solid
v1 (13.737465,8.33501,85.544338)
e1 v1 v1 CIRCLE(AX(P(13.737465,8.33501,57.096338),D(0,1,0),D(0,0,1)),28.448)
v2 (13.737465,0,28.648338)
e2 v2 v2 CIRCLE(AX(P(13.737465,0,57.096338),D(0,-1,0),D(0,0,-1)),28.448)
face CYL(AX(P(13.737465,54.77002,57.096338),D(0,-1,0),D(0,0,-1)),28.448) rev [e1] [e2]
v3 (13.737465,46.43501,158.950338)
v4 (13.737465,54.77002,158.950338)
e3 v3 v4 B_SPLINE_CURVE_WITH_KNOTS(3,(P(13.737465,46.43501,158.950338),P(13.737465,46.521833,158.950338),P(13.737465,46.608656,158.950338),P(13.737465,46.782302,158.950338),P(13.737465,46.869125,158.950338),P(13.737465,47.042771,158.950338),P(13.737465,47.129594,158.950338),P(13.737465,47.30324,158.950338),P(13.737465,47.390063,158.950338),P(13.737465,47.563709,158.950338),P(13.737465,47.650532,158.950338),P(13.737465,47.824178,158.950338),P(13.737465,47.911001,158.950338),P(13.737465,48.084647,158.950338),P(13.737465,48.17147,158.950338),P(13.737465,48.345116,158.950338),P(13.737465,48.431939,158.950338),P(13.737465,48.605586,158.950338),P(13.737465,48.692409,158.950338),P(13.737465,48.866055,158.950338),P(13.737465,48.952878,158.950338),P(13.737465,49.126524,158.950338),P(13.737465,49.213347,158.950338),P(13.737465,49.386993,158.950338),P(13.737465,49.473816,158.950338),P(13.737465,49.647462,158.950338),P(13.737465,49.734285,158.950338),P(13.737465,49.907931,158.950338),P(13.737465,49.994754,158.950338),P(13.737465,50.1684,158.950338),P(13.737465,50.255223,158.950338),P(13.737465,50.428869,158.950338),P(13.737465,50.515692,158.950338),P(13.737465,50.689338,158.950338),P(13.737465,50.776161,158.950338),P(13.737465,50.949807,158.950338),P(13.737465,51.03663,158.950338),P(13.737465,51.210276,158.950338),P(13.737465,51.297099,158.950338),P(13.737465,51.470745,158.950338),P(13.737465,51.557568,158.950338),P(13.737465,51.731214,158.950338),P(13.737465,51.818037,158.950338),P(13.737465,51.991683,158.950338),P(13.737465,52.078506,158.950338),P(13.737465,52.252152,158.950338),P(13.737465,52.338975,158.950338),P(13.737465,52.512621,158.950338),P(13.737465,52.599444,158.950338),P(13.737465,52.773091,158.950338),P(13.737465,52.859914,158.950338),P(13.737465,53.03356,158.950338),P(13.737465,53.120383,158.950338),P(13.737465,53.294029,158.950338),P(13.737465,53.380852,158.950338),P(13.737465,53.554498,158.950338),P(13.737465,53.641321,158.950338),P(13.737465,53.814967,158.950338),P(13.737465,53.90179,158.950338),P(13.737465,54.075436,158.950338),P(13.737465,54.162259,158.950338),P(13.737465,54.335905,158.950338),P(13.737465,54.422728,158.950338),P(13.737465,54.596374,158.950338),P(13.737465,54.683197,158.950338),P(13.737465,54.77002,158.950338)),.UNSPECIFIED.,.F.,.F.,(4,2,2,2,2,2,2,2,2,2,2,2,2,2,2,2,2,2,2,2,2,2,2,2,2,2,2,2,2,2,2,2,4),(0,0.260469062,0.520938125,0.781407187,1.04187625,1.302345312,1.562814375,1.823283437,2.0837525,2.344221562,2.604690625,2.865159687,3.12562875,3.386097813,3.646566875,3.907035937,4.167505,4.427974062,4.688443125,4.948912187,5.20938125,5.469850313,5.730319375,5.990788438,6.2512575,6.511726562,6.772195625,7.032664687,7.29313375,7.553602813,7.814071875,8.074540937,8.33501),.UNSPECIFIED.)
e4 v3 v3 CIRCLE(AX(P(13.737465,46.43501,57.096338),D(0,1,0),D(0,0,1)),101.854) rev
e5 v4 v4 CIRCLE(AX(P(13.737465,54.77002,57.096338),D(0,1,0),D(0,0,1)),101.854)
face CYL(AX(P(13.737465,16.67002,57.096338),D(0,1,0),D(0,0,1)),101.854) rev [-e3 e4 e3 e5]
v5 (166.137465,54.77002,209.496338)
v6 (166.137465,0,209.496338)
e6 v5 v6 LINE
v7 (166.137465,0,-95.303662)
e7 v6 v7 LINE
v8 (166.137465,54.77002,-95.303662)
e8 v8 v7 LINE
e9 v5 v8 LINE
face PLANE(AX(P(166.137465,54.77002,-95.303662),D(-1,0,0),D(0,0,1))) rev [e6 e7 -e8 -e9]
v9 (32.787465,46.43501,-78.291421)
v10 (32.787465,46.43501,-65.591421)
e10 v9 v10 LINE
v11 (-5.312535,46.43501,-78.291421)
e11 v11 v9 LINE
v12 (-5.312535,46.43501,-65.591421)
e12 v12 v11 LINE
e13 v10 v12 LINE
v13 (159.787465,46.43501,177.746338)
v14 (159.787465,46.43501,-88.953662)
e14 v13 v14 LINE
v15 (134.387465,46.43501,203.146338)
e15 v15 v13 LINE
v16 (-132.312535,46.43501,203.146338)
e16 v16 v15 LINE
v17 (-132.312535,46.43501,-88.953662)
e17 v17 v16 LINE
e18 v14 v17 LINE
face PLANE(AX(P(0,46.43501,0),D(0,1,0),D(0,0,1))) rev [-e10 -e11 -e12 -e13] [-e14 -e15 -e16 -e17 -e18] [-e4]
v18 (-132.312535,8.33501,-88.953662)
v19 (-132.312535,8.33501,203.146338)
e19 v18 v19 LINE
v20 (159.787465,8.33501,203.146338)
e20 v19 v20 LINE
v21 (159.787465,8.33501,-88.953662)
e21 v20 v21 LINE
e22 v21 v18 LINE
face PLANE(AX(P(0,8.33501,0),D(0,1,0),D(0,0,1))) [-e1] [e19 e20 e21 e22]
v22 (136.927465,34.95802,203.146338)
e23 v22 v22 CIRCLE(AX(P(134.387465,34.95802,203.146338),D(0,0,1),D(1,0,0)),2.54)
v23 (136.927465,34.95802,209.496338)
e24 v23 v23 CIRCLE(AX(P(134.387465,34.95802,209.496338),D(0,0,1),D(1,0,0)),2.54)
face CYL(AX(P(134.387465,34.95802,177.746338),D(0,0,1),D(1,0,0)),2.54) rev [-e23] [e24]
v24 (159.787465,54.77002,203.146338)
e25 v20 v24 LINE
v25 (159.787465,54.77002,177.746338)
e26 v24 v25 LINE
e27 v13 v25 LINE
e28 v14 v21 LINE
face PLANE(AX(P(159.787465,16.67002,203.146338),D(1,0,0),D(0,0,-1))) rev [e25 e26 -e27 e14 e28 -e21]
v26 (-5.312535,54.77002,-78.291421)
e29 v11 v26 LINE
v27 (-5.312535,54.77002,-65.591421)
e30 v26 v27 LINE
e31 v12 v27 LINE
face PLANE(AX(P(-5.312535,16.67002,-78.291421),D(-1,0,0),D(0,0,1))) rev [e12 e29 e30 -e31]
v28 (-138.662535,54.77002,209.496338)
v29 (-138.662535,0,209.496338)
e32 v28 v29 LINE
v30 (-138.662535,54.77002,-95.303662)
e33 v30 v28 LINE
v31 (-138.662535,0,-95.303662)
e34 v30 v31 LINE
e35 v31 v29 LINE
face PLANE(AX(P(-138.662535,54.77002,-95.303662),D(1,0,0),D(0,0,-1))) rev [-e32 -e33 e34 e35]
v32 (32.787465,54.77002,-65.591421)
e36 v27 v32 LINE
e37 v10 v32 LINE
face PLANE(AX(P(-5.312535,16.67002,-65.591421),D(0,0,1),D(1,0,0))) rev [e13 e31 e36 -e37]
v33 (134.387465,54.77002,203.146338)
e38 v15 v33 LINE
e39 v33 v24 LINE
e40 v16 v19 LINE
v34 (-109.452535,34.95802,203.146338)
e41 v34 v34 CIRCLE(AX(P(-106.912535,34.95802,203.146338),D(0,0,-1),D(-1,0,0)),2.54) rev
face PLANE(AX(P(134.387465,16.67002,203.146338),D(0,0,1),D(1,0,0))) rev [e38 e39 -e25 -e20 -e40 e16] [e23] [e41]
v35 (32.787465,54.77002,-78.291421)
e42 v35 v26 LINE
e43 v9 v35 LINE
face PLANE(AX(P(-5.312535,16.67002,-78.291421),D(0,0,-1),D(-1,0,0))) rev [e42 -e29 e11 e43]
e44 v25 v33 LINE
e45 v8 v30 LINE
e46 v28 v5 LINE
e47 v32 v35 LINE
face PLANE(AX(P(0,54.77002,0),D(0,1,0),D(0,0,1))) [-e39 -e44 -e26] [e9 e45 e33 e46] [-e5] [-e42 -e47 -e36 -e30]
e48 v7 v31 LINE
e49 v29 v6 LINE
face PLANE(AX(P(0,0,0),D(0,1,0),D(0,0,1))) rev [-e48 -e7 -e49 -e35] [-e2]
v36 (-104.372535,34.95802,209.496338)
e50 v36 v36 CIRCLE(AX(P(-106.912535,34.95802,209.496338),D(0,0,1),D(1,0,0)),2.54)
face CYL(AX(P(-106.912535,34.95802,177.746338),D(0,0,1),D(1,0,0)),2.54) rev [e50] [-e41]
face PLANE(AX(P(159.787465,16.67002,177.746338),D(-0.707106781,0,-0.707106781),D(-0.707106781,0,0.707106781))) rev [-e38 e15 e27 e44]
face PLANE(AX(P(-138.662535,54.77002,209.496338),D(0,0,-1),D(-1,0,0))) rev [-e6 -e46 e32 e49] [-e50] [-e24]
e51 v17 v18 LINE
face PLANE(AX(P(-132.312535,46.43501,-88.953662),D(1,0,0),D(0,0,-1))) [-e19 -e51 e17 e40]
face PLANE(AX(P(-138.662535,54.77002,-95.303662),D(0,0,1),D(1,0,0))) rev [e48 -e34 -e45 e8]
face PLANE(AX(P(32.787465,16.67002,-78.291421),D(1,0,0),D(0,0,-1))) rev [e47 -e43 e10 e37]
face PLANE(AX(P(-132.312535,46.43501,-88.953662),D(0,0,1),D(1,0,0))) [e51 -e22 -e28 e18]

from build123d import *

# Parameters (mm, degrees)
SKETCH1_W               = 304.8
SKETCH1_H               = 304.8
BOSS_EXTRUDE1_DEPTH     = 54.77002
SKETCH2_R               = 101.854
SKETCH2_W               = 38.1
SKETCH2_H               = 12.7
CUT_EXTRUDE3_DEPTH      = 38.1
SKETCH3_R               = 2.54
CUT_EXTRUDE4_DEPTH      = 31.75
CUT_EXTRUDE5_DEPTH      = 19.05
CUT_EXTRUDE5_DEPTH_BACK = 19.05
SKETCH4_W               = 292.1
SKETCH4_H               = 292.1
SKETCH5_R               = 28.448
CUT_EXTRUDE6_DEPTH      = 273.928796473


with BuildPart() as part:
    # Sketch1 → Boss-Extrude1 (new body)
    with BuildSketch(Plane(origin=(0, 0, 0), x_dir=(1, 0, 0), z_dir=(0, 1, 0))):
        with Locations((13.737464789, -57.096338028)):
            Rectangle(SKETCH1_W, SKETCH1_H)
    extrude(amount=BOSS_EXTRUDE1_DEPTH)

    # Sketch2 → Cut-Extrude3 (cut)
    with BuildSketch(Plane(origin=(0, 54.77002, 0), x_dir=(1, 0, 0), z_dir=(0, 1, 0))):
        with Locations(Location((13.737464789, -57.096338028, 0), (0, 0, 270))):
            Circle(SKETCH2_R)
        Polygon((134.387464789, -203.146338028), (159.787464789, -203.146338028), (159.787464789, -177.746338028), align=None)
        with Locations((13.737464789, 71.941420767)):
            Rectangle(SKETCH2_W, SKETCH2_H)
    extrude(amount=-CUT_EXTRUDE3_DEPTH, mode=Mode.SUBTRACT)

    # Sketch3 → Cut-Extrude4 (cut)
    with BuildSketch(Plane.XY.offset(209.496338028)):
        with Locations((134.387464789, 34.95802)):
            Circle(SKETCH3_R)
        with Locations((-106.912535211, 34.95802)):
            Circle(SKETCH3_R)
    extrude(amount=-CUT_EXTRUDE4_DEPTH, mode=Mode.SUBTRACT)

    # Sketch4 → Cut-Extrude5 (cut, two sides: drawn at the far end of the back side and taken through both)
    with BuildSketch(Plane(origin=(0, 27.38501, 0), x_dir=(1, 0, 0), z_dir=(0, 1, 0)).offset(-CUT_EXTRUDE5_DEPTH_BACK)):
        with Locations((13.737464789, -57.096338028)):
            Rectangle(SKETCH4_W, SKETCH4_H)
    extrude(amount=CUT_EXTRUDE5_DEPTH + CUT_EXTRUDE5_DEPTH_BACK, mode=Mode.SUBTRACT)

    # Sketch5 → Cut-Extrude6 (cut, through all)
    with BuildSketch(Plane.XZ):
        with Locations(Location((13.737464789, 57.096338028, 0), (0, 0, 270))):
            Circle(SKETCH5_R)
    extrude(amount=-CUT_EXTRUDE6_DEPTH, mode=Mode.SUBTRACT)


solid = part.part
